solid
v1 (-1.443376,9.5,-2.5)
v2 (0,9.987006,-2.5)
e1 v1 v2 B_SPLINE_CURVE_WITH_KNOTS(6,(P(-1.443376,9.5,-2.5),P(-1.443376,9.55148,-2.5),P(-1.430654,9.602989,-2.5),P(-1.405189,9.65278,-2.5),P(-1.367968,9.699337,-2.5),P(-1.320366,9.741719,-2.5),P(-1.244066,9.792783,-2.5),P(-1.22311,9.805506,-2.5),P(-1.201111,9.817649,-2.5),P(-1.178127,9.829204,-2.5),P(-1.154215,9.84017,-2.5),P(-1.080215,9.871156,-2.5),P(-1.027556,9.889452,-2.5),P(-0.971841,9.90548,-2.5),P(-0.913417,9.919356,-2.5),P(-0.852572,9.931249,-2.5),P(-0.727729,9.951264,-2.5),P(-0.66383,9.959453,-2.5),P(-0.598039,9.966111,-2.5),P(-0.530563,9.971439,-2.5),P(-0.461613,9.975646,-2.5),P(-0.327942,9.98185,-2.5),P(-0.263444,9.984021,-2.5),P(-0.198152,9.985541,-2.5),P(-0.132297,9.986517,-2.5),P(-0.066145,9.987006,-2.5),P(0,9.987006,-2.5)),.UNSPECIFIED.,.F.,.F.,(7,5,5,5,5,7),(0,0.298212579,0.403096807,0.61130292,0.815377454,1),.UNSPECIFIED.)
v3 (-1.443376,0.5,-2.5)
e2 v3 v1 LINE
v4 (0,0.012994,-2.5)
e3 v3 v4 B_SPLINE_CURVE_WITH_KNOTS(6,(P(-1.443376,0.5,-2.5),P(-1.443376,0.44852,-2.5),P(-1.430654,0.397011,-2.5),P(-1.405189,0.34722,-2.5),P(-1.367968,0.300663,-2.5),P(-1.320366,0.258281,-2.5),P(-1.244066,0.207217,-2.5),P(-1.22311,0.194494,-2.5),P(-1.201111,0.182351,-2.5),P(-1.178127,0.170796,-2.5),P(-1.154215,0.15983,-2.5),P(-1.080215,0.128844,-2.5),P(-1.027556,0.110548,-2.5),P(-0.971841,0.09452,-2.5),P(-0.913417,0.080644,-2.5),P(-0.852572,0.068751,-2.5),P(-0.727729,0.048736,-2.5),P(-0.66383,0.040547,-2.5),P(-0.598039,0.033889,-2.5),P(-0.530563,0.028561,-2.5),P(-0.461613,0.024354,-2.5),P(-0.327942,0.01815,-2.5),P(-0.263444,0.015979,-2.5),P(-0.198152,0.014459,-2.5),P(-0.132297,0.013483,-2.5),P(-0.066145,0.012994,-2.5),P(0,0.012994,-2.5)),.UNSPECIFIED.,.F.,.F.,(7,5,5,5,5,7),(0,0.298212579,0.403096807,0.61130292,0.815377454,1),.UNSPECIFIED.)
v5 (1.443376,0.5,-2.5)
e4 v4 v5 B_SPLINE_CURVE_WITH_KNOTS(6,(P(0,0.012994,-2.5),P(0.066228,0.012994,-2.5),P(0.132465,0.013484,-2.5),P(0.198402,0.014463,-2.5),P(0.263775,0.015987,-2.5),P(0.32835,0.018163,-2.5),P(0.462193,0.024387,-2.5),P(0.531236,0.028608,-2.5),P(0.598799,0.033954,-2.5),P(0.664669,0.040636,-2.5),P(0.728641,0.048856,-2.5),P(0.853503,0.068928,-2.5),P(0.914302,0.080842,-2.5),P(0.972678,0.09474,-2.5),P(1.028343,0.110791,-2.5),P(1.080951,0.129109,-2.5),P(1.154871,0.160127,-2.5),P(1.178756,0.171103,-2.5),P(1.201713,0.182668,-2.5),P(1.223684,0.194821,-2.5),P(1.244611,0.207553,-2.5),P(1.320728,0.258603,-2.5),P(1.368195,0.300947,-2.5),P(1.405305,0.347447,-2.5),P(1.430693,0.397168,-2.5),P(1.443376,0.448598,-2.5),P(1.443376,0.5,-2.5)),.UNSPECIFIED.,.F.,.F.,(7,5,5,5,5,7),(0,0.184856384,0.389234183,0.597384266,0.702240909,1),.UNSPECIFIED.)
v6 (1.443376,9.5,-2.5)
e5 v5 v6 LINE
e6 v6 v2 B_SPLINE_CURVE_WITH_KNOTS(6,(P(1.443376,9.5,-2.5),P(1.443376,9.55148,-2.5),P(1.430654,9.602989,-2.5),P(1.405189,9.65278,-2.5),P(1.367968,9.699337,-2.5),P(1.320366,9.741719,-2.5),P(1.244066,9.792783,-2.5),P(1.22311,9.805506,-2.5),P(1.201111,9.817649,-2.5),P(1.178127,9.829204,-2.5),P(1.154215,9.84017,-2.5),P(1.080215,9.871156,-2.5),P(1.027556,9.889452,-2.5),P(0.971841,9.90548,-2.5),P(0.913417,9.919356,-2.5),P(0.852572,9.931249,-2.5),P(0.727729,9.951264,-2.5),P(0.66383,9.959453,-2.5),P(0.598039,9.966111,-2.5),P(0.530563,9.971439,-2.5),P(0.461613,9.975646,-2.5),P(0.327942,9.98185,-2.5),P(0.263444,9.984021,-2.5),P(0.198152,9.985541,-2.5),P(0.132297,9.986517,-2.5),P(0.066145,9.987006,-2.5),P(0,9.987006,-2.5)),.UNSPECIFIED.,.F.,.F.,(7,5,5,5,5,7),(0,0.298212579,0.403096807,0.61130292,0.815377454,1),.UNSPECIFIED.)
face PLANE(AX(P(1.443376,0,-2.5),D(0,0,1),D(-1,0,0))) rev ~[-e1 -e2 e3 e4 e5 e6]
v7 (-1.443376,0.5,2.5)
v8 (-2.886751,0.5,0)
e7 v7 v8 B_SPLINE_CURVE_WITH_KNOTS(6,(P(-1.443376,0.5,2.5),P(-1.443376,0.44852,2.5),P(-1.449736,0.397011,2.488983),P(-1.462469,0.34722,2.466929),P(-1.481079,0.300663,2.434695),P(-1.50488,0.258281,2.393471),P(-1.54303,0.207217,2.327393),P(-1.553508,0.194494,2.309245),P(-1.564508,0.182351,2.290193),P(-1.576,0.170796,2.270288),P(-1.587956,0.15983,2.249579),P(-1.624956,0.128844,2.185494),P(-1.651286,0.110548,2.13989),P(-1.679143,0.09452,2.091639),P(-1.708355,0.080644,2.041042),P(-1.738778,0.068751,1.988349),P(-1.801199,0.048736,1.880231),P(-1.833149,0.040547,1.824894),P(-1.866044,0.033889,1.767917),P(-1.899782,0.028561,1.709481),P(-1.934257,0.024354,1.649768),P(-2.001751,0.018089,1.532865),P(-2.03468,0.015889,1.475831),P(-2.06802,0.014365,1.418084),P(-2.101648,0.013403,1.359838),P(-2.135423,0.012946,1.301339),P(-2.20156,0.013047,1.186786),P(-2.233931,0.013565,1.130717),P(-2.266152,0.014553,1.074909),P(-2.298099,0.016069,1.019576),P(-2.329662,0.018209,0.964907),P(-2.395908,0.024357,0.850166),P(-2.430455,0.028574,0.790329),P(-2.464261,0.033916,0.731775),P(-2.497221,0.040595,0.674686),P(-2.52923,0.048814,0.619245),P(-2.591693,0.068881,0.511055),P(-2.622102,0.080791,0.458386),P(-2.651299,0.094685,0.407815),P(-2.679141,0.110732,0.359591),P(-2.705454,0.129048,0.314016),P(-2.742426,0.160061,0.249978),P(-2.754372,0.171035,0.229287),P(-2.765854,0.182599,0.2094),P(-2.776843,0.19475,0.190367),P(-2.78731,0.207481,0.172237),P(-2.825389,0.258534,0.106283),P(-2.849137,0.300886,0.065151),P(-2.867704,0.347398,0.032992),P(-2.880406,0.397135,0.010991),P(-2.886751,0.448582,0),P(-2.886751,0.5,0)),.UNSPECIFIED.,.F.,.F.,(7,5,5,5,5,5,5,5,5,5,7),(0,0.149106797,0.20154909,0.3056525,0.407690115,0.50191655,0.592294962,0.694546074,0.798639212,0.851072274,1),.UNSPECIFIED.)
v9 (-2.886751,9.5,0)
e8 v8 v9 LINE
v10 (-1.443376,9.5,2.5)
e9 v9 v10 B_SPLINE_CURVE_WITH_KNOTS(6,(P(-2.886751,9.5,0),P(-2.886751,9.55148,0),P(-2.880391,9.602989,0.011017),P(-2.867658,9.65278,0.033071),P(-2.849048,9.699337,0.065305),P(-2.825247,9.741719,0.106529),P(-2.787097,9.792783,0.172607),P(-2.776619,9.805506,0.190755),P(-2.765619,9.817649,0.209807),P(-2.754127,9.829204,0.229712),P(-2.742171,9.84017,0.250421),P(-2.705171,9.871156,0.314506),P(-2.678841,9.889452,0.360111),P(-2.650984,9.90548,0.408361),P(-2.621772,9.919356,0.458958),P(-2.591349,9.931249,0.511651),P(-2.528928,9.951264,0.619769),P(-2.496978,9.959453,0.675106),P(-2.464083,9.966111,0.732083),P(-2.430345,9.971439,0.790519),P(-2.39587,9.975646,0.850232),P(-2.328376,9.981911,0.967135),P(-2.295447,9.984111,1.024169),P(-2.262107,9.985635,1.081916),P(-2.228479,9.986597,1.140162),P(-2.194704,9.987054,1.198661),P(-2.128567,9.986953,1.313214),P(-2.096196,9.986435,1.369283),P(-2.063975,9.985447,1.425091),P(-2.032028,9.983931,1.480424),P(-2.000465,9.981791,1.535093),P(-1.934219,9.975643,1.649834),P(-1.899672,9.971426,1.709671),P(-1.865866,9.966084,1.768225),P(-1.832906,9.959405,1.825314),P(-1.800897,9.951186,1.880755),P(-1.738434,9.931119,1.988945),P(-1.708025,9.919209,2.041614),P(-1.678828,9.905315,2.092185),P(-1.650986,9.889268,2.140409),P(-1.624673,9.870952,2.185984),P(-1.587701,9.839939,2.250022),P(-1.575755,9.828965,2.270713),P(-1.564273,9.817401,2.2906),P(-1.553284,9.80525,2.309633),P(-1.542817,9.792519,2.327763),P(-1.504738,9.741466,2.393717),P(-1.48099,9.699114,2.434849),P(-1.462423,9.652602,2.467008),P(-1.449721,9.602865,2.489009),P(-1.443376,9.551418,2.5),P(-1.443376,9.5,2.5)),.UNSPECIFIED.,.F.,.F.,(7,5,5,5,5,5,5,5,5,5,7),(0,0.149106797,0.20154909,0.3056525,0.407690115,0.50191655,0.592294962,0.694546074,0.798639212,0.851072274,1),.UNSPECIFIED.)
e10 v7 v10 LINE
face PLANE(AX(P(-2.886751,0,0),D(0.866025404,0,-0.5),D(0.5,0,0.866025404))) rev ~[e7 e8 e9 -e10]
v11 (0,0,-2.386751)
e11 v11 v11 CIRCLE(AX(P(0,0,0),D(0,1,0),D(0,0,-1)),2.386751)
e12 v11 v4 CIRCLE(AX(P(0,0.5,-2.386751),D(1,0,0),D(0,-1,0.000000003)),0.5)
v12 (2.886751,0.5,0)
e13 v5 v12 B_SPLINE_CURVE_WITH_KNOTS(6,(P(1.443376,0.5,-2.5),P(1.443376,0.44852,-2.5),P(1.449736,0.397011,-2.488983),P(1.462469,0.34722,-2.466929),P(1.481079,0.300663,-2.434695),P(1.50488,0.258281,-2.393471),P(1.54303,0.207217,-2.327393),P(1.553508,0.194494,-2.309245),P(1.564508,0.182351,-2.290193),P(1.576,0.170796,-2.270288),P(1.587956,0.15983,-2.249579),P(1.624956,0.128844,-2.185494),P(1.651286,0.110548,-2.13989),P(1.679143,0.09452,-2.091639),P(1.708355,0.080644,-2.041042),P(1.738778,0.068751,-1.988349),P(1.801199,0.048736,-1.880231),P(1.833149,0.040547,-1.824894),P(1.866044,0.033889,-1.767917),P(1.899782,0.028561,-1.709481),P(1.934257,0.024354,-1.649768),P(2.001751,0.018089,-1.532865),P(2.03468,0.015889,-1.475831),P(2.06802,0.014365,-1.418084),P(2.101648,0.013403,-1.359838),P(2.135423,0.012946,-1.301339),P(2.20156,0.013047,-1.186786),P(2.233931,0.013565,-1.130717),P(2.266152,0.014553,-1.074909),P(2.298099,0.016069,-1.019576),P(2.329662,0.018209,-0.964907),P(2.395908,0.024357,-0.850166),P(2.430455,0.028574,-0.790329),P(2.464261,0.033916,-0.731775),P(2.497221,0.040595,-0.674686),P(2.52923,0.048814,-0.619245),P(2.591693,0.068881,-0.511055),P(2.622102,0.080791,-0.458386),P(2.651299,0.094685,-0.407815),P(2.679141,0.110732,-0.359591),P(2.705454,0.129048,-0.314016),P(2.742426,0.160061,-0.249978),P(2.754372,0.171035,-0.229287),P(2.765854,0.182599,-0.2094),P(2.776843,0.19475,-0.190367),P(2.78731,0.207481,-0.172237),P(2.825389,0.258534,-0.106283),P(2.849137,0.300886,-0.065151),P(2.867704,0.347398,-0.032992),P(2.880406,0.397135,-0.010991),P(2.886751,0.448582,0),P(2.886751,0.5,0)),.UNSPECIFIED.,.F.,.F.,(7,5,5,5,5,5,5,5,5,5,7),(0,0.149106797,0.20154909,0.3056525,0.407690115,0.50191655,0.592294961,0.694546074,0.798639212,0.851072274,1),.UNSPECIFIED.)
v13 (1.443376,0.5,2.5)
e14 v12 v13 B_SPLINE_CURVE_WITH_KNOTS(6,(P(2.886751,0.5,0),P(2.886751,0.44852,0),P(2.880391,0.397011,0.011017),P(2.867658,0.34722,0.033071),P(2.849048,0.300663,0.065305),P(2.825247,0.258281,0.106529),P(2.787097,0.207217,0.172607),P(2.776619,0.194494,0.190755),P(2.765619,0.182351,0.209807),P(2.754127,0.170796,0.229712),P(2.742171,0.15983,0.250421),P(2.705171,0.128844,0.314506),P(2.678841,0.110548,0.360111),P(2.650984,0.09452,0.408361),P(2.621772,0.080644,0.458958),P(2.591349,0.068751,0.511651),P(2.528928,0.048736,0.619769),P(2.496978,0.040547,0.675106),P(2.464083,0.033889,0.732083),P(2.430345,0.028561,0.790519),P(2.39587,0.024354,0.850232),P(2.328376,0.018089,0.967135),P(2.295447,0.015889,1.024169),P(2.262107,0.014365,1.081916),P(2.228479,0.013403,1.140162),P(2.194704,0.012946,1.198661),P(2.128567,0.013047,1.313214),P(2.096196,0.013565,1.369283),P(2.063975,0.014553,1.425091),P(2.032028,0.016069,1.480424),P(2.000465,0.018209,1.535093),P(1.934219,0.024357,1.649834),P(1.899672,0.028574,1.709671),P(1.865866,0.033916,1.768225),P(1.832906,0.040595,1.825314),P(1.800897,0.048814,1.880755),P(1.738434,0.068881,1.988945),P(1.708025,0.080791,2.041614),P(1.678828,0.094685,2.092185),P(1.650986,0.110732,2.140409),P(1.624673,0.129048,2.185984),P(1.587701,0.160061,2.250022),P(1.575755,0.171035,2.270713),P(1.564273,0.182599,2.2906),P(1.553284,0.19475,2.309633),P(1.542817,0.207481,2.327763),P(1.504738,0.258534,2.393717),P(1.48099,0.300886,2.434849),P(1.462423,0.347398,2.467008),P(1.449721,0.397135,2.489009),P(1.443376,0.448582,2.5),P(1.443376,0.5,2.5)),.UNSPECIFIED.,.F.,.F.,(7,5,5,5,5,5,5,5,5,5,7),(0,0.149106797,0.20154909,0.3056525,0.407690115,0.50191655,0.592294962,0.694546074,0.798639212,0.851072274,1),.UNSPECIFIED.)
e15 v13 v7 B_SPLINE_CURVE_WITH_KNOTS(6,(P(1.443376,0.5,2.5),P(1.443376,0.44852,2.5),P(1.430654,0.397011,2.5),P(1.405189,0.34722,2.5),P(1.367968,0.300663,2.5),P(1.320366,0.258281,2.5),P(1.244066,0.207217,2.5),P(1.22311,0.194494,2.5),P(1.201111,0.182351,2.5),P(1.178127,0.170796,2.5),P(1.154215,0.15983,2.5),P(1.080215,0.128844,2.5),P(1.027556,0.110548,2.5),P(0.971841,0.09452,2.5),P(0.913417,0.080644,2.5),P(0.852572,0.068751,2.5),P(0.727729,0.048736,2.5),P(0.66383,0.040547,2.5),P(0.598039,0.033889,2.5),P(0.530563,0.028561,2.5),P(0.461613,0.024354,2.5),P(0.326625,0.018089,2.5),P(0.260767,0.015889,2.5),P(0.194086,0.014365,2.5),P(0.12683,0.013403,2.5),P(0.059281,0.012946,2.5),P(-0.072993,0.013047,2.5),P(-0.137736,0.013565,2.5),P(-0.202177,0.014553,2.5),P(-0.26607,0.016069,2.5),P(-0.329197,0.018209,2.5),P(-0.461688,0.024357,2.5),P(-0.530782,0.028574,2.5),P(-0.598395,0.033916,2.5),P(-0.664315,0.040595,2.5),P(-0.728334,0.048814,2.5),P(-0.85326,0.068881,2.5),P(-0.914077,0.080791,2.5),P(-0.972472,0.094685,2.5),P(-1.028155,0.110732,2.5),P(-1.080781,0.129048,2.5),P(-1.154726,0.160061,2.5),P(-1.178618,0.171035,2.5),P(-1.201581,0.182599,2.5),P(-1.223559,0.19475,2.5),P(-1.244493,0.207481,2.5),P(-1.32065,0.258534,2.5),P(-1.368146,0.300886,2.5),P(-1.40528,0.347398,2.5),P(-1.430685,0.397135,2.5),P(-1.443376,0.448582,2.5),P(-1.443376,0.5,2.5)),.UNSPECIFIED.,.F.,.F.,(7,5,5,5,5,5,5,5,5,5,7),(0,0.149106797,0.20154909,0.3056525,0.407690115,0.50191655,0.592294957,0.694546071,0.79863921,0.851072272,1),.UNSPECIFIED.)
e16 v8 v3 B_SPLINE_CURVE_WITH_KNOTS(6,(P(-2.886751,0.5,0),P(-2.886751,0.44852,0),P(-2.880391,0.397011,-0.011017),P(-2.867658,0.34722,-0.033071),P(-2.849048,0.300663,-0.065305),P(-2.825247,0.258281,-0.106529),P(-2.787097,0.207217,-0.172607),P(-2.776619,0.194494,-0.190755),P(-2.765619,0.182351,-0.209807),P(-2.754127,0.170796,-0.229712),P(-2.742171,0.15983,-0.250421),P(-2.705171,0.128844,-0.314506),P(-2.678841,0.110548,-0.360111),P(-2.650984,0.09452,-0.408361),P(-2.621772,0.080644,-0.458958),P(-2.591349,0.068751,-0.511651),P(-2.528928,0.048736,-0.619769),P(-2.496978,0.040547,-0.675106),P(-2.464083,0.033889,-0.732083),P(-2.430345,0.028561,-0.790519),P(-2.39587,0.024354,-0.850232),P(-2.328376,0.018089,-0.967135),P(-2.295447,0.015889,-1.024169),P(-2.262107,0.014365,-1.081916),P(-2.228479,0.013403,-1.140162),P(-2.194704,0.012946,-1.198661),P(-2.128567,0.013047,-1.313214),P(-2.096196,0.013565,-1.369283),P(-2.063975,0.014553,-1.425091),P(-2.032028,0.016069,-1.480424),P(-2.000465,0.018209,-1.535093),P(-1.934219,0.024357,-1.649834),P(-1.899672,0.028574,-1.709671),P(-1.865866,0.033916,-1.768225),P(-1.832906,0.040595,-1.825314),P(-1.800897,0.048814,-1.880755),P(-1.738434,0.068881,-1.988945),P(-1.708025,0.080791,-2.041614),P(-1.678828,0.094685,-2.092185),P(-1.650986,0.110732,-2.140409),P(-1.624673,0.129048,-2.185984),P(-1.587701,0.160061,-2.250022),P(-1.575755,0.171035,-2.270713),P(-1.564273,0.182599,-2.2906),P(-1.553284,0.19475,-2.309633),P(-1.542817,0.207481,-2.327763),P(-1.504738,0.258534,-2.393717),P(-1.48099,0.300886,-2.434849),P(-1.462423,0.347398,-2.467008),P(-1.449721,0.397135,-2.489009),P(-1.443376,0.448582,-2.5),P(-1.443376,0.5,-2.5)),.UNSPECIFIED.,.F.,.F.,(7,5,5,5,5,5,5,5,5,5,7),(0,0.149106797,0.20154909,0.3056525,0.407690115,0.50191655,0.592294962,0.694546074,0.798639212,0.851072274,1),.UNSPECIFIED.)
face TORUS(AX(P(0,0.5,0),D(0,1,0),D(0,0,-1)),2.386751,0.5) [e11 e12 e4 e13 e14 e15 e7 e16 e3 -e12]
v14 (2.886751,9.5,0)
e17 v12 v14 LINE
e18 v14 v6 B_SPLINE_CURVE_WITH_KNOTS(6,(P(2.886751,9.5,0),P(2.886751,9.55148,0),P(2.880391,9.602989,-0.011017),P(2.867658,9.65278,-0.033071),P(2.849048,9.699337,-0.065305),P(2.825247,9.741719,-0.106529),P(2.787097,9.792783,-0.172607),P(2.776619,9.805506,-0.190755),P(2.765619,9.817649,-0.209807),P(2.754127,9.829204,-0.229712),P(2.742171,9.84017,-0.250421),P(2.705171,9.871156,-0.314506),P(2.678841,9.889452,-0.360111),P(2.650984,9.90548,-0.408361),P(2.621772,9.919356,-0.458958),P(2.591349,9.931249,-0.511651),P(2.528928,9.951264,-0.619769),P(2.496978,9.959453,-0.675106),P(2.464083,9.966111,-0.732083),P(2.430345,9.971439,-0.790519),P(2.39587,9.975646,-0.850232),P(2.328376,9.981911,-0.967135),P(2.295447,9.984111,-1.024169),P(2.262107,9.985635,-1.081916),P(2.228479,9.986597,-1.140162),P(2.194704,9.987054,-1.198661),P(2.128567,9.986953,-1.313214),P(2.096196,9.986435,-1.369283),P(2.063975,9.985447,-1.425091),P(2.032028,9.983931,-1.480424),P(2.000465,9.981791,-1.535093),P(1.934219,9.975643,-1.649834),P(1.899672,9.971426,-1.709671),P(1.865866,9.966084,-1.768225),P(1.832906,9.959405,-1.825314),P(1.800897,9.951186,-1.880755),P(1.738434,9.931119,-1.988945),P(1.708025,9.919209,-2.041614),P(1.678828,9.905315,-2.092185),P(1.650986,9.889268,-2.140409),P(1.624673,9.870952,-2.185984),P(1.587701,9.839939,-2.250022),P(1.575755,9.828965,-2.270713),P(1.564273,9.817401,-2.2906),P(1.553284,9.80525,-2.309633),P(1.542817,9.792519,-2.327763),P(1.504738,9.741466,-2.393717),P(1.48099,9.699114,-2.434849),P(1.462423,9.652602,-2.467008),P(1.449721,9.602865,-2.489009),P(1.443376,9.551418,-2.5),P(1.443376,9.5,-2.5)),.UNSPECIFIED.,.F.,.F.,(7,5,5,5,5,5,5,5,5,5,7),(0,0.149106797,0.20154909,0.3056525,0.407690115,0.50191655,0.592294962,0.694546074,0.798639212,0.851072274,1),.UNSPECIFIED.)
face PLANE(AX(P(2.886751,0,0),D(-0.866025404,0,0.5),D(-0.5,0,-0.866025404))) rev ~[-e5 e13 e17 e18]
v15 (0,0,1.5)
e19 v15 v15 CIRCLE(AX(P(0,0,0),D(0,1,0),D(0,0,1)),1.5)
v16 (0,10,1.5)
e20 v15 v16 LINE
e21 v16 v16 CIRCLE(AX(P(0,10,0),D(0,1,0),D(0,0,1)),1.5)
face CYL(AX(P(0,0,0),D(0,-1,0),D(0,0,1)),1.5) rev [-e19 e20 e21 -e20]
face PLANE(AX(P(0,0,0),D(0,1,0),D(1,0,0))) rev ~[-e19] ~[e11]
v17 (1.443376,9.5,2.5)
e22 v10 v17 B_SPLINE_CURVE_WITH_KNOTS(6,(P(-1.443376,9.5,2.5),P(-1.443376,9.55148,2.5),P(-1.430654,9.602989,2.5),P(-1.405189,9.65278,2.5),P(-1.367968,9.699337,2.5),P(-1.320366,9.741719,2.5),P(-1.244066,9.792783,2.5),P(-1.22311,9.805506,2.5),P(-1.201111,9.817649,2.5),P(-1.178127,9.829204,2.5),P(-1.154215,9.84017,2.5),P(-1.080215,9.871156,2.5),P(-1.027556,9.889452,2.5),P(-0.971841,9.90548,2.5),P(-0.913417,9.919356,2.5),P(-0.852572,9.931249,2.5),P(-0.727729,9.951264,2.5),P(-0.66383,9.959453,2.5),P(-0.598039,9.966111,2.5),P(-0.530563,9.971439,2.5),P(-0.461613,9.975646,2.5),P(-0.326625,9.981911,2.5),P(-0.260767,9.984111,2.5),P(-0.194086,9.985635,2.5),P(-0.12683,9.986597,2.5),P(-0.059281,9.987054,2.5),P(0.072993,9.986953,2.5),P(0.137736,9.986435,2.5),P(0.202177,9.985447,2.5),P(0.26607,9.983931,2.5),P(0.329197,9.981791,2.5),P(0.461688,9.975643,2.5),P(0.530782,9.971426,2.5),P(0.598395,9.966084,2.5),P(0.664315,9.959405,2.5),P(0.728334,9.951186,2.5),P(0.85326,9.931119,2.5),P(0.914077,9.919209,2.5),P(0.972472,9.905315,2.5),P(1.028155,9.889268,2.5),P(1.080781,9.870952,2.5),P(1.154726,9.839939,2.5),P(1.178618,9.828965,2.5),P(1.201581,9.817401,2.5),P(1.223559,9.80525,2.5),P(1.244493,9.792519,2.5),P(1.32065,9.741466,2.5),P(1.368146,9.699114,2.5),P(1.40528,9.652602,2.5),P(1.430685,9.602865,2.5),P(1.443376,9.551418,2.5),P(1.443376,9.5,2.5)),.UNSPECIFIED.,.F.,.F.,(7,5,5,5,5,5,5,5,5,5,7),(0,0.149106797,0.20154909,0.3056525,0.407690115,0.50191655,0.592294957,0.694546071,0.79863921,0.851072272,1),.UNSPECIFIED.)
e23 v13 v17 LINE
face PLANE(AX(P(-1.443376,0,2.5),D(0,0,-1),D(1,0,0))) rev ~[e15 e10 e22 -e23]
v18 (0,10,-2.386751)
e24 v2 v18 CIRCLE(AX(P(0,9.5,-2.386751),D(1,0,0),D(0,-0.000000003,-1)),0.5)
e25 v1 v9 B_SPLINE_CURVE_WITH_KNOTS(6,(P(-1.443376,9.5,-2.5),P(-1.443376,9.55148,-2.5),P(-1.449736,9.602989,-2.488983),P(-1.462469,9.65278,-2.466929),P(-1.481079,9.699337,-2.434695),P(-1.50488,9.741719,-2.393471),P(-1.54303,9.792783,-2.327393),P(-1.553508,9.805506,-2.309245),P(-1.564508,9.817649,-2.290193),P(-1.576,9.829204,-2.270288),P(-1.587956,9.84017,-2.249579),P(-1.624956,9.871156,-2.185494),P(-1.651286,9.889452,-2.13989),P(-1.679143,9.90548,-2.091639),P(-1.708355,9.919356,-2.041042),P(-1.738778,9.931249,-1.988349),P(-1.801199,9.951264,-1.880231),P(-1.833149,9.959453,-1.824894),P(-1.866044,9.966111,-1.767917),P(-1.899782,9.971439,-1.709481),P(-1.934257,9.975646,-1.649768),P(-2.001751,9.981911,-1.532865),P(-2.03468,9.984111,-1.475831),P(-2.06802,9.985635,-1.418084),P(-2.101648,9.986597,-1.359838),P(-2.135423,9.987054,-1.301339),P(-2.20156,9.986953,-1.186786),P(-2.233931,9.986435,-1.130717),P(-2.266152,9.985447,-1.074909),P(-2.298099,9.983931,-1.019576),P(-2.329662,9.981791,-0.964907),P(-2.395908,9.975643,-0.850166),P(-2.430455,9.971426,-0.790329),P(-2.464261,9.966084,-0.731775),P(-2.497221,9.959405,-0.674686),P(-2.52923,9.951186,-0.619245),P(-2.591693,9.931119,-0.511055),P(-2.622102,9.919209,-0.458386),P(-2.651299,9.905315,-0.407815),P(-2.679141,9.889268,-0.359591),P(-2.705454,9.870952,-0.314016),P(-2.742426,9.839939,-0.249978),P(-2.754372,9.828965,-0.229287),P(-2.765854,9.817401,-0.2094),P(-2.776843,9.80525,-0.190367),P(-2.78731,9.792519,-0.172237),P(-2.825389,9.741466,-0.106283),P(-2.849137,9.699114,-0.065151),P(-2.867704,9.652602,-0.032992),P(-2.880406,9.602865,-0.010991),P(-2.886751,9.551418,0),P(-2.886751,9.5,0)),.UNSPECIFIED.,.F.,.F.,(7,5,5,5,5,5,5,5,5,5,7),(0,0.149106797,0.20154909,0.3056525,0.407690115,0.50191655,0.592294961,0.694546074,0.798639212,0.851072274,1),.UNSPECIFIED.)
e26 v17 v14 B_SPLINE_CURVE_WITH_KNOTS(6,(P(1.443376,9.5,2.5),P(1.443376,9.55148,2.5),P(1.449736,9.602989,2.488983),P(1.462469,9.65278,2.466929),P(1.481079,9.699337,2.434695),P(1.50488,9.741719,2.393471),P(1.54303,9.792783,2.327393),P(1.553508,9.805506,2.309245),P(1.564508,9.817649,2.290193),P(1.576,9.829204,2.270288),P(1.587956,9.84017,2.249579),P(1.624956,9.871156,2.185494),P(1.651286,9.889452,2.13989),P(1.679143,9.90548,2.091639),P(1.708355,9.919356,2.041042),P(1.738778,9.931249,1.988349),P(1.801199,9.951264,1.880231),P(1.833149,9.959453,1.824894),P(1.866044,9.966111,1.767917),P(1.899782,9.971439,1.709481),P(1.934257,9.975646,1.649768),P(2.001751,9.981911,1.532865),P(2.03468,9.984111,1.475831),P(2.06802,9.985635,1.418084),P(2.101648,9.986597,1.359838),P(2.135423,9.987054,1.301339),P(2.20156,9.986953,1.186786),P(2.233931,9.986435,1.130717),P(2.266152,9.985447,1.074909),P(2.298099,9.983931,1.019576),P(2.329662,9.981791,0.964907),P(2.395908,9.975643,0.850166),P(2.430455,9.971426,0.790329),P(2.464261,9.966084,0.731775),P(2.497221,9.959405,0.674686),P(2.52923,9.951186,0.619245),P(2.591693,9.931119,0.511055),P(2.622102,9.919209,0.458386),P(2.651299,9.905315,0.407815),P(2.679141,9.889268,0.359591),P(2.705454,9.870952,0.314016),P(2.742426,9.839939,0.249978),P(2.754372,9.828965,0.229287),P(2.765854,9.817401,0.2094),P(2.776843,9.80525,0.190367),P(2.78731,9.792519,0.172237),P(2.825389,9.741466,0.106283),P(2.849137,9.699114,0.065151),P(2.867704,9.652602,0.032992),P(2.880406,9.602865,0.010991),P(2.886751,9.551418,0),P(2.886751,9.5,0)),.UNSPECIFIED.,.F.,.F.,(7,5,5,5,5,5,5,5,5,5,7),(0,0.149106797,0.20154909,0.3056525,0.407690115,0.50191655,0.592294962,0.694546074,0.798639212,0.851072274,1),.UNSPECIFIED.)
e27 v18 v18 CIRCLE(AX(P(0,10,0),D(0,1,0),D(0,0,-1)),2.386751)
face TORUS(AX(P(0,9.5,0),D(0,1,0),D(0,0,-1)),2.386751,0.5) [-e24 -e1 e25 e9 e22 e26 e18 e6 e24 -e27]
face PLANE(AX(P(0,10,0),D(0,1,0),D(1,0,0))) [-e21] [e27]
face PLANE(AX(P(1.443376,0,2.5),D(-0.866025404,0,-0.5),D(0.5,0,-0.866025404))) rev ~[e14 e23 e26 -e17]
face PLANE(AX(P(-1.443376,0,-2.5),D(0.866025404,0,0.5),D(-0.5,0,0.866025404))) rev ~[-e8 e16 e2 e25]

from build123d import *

# Parameters (mm, degrees)
ESQUISSE1_R        = 1.5
BOSS_EXTRU_1_DEPTH = 10


with BuildPart() as part:
    # Esquisse1 → Boss.-Extru.1 (new body)
    with BuildSketch(Plane(origin=(0, 0, 0), x_dir=(1, 0, 0), z_dir=(0, 1, 0))):
        Polygon((2.886751346, 0), (1.443375673, 2.5), (-1.443375673, 2.5), (-2.886751346, 0), (-1.443375673, -2.5), (1.443375673, -2.5), align=None)
        with Locations(Location((0, 0, 0), (0, 0, 270))):
            Circle(ESQUISSE1_R, mode=Mode.SUBTRACT)
    extrude(amount=BOSS_EXTRU_1_DEPTH)

    # Esquisse3 → Enlèvement de matière-Révolution1 (revolve, cut)
    with BuildSketch(Plane.XY, mode=Mode.PRIVATE) as enl_vement_de_mati_re_r_volution1_sk:
        with BuildLine():
            Line((2.386751346, 10), (2.886751346, 10))
            Line((2.886751346, 10), (2.886751346, 9.5))
            ThreePointArc((2.886751346, 9.5), (2.740304737, 9.853553391), (2.386751346, 10))
        make_face()
        with BuildLine():
            Line((2.886751346, 0.5), (2.886751346, 0))
            Line((2.886751346, 0), (2.386751346, 0))
            ThreePointArc((2.386751346, 0), (2.740304737, 0.146446609), (2.886751346, 0.5))
        make_face()
    revolve(enl_vement_de_mati_re_r_volution1_sk.sketch.rotate(Axis((0, -0.5, 0), (0, 1, 0)), 90), axis=Axis((0, -0.5, 0), (0, 1, 0)), mode=Mode.SUBTRACT)


solid = part.part
